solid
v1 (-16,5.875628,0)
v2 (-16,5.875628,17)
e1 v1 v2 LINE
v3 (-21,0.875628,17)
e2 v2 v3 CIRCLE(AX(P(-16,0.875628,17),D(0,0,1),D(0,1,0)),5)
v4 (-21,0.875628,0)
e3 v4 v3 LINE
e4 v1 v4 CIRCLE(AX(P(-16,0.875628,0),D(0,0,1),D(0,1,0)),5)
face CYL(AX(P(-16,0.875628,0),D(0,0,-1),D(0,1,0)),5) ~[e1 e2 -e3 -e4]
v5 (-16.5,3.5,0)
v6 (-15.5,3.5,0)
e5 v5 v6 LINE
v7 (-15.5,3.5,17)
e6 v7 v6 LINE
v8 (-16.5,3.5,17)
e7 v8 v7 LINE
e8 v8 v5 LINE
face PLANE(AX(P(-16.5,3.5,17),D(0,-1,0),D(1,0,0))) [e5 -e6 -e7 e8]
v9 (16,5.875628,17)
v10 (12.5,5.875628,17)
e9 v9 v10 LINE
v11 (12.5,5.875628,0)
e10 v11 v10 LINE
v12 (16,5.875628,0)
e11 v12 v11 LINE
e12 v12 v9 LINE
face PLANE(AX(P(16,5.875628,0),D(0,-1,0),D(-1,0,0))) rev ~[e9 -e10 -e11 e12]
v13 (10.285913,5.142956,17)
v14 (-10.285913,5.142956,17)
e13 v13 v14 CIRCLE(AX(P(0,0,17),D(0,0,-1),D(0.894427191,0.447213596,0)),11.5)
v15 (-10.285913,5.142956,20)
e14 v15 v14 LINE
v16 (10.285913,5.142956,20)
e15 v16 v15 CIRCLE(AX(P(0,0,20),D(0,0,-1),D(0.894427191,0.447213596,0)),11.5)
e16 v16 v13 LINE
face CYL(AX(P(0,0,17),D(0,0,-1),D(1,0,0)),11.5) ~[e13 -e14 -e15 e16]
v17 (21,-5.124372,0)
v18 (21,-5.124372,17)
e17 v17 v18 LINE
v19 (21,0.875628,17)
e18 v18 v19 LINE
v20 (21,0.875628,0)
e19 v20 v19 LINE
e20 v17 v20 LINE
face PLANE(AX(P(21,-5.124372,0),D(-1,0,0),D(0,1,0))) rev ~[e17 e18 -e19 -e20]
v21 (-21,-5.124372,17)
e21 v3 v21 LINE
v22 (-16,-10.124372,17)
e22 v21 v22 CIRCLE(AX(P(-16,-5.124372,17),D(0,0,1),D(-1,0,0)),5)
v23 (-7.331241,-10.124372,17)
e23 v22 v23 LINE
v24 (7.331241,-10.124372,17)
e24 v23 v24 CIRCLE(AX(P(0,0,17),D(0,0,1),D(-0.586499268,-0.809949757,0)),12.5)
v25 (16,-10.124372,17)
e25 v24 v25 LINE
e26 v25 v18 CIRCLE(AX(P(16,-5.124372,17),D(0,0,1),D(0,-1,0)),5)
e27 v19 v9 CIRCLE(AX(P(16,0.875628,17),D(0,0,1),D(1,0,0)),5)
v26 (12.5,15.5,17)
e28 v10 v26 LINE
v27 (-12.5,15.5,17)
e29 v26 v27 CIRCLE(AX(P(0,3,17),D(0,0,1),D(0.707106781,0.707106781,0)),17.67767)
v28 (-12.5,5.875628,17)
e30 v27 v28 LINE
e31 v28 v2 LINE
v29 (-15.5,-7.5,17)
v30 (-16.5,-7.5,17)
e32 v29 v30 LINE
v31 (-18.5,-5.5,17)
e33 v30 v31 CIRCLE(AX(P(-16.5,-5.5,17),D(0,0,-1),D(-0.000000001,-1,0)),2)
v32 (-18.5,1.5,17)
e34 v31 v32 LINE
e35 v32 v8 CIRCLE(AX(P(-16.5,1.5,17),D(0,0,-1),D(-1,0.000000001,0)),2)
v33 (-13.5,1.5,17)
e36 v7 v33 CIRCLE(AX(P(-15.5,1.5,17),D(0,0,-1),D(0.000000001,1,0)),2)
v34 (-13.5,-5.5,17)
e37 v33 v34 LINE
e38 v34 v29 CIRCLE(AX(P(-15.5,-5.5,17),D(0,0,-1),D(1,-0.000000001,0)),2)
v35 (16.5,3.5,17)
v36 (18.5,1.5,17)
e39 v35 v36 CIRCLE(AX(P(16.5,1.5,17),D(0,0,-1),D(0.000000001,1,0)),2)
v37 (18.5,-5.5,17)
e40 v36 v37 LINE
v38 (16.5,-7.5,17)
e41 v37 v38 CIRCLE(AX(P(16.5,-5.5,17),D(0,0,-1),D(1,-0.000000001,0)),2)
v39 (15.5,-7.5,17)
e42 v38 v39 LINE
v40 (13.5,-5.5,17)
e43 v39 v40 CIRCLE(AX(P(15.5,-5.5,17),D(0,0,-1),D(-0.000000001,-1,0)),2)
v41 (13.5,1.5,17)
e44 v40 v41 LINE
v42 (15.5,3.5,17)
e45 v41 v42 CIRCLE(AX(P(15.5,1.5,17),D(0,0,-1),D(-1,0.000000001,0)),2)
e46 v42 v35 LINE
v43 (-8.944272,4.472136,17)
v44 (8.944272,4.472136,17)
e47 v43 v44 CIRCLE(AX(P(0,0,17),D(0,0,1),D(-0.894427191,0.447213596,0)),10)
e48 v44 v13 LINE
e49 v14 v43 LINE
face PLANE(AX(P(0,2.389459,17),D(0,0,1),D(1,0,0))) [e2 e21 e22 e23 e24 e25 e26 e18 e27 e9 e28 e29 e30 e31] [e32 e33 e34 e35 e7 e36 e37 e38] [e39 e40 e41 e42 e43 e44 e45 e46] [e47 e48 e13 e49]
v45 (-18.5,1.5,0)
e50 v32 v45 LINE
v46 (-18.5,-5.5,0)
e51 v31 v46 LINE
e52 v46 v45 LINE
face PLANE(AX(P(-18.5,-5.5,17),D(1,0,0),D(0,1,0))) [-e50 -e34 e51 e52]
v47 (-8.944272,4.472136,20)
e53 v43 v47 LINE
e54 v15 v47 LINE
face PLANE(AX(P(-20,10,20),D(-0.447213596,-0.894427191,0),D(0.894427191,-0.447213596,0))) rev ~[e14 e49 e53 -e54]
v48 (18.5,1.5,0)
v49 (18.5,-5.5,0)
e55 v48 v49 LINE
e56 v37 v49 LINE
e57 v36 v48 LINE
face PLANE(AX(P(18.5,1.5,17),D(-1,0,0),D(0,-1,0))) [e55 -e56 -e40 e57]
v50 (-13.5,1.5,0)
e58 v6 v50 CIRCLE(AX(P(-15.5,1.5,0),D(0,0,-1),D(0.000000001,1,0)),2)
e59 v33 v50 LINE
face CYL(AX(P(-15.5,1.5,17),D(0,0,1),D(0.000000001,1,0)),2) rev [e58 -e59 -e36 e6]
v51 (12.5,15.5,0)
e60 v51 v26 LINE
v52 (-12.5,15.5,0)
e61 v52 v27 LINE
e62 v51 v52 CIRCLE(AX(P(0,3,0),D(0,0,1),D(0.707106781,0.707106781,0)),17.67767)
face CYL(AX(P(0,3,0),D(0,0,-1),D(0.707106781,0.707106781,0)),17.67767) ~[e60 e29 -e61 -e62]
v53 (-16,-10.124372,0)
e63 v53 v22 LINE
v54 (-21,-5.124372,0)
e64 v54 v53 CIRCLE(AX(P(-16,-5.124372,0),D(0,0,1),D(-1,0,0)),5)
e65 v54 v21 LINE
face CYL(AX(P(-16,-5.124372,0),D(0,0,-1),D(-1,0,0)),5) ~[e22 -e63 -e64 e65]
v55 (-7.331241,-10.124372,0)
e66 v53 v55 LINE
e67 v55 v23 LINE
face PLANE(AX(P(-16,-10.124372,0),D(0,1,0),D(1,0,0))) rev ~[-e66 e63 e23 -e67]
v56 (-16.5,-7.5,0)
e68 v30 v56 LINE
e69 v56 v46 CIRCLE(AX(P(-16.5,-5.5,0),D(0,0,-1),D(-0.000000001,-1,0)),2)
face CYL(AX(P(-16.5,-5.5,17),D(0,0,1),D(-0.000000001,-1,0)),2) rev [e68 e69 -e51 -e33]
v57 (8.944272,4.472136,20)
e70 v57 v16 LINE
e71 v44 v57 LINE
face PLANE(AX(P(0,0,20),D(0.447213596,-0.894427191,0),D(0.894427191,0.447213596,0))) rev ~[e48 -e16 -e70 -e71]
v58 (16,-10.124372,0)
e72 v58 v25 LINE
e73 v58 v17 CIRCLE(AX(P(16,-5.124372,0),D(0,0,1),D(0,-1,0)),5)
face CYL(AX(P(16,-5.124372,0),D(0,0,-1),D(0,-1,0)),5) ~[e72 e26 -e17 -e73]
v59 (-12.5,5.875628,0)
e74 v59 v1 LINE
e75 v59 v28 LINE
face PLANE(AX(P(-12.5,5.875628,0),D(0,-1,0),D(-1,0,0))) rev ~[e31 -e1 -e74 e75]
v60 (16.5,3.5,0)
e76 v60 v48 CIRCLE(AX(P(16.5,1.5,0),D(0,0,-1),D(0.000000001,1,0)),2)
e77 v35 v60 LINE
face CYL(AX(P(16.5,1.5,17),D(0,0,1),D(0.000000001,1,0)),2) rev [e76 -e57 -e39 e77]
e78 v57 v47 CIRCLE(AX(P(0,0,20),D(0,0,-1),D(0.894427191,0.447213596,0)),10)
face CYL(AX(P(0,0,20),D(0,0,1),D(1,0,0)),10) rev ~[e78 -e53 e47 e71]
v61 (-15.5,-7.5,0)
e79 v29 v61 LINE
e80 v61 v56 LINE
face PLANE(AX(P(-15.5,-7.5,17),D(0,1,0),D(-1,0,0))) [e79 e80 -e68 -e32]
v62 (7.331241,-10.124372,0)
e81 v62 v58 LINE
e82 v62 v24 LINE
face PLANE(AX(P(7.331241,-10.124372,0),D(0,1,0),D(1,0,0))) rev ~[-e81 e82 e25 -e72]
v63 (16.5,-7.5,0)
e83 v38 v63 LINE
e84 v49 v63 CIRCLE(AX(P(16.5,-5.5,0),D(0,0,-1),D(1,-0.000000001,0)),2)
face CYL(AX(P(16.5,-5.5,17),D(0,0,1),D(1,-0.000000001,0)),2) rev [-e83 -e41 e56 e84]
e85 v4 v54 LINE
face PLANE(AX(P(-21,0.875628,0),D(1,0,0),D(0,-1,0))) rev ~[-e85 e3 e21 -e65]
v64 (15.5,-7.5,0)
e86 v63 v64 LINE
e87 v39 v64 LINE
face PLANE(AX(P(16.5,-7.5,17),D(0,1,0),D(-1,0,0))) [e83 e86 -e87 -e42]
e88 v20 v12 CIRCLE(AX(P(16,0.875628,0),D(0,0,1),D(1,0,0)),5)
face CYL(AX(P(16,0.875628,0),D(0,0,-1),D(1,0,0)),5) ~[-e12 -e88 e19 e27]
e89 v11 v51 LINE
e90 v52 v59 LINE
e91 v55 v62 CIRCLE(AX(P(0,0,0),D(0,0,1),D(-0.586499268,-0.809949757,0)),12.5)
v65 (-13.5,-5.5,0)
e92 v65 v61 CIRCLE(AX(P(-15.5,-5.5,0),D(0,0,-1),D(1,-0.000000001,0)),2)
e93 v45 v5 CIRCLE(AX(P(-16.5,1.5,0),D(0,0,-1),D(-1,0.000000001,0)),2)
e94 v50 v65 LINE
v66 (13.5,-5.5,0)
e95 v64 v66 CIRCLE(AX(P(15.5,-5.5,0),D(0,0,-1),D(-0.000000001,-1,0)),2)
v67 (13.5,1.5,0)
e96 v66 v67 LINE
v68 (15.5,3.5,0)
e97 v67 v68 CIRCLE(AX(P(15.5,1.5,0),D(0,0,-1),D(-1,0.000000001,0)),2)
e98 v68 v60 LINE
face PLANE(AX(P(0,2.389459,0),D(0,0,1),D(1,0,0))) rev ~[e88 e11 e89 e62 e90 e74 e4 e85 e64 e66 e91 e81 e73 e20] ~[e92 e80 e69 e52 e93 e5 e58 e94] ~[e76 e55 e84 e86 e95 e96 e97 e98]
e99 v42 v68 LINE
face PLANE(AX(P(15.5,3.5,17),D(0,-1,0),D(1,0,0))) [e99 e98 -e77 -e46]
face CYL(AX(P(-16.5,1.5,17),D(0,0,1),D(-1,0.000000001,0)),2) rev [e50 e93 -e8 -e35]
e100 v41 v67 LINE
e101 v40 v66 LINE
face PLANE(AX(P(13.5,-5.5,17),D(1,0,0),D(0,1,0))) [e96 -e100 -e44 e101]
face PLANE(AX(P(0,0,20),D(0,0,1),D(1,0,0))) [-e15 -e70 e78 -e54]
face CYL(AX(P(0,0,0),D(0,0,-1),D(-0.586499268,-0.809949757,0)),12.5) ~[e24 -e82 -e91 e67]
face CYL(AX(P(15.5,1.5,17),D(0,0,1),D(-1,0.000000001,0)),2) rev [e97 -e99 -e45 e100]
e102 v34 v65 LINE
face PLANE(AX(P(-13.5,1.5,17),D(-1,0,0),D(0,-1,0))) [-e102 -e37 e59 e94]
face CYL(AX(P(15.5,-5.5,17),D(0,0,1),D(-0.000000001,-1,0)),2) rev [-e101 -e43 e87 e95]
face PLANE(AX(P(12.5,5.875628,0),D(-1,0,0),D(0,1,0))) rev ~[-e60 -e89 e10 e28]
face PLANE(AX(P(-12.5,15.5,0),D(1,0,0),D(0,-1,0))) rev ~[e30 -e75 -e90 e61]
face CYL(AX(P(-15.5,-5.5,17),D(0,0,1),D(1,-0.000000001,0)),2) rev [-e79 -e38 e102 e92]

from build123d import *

# Parameters (mm, degrees)
BASE_EXTRUSION_DEPTH    = 17
ENL_V_MAT_EXTRU_1_DEPTH = 17
ESQUISSE3_R             = 11.5
BOSS_EXTRU_1_DEPTH      = 3
ESQUISSE4_R             = 10
ENL_V_MAT_EXTRU_2_DEPTH = 3
ENL_V_MAT_EXTRU_3_DEPTH = 3


with BuildPart() as part:
    # Esquisse1 → Base-Extrusion (new body)
    with BuildSketch(Plane.XY):
        with BuildLine():
            Line((-16, -10.124371965), (-7.331240844, -10.124371965))
            ThreePointArc((-7.331240844, -10.124371965), (0, -12.5), (7.331240844, -10.124371965))
            Line((7.331240844, -10.124371965), (16, -10.124371965))
            ThreePointArc((16, -10.124371965), (19.535533906, -8.659905871), (21, -5.124371965))
            Line((21, -5.124371965), (21, 0.875628035))
            ThreePointArc((21, 0.875628035), (19.535533906, 4.411161941), (16, 5.875628035))
            Line((16, 5.875628035), (12.5, 5.875628035))
            Line((12.5, 5.875628035), (12.5, 15.5))
            ThreePointArc((12.5, 15.5), (0, 20.67766953), (-12.5, 15.5))
            Line((-12.5, 15.5), (-12.5, 5.875628035))
            Line((-12.5, 5.875628035), (-16, 5.875628035))
            ThreePointArc((-16, 5.875628035), (-19.535533906, 4.411161941), (-21, 0.875628035))
            Line((-21, 0.875628035), (-21, -5.124371965))
            ThreePointArc((-21, -5.124371965), (-19.535533906, -8.659905871), (-16, -10.124371965))
        make_face()
    extrude(amount=BASE_EXTRUSION_DEPTH)

    # Esquisse2 → Enlèv. mat.-Extru.1 (cut)
    with BuildSketch(Plane.XY.offset(17)):
        with BuildLine():
            Line((-16.5, 3.5), (-15.5, 3.5))
            ThreePointArc((-15.5, 3.5), (-14.085786438, 2.914213562), (-13.5, 1.5))
            Line((-13.5, 1.5), (-13.5, -5.5))
            ThreePointArc((-13.5, -5.5), (-14.085786438, -6.914213562), (-15.5, -7.5))
            Line((-15.5, -7.5), (-16.5, -7.5))
            ThreePointArc((-16.5, -7.5), (-17.914213562, -6.914213562), (-18.5, -5.5))
            Line((-18.5, -5.5), (-18.5, 1.5))
            ThreePointArc((-18.5, 1.5), (-17.914213562, 2.914213562), (-16.5, 3.5))
        make_face()
        with BuildLine():
            Line((15.5, 3.5), (16.5, 3.5))
            ThreePointArc((16.5, 3.5), (17.914213562, 2.914213562), (18.5, 1.5))
            Line((18.5, 1.5), (18.5, -5.5))
            ThreePointArc((18.5, -5.5), (17.914213562, -6.914213562), (16.5, -7.5))
            Line((16.5, -7.5), (15.5, -7.5))
            ThreePointArc((15.5, -7.5), (14.085786438, -6.914213562), (13.5, -5.5))
            Line((13.5, -5.5), (13.5, 1.5))
            ThreePointArc((13.5, 1.5), (14.085786438, 2.914213562), (15.5, 3.5))
        make_face()
    extrude(amount=-ENL_V_MAT_EXTRU_1_DEPTH, mode=Mode.SUBTRACT)

    # Esquisse3 → Boss.-Extru.1 (add)
    with BuildSketch(Plane.XY.offset(17)):
        Circle(ESQUISSE3_R)
    extrude(amount=BOSS_EXTRU_1_DEPTH)

    # Esquisse4 → Enlèv. mat.-Extru.2 (cut)
    with BuildSketch(Plane.XY.offset(20)):
        Circle(ESQUISSE4_R)
    extrude(amount=-ENL_V_MAT_EXTRU_2_DEPTH, mode=Mode.SUBTRACT)

    # Esquisse5 → Enlèv. mat.-Extru.3 (cut)
    with BuildSketch(Plane.XY.offset(20)):
        with BuildLine():
            Line((-20, 10), (0, 0))
            Line((0, 0), (20, 10))
            ThreePointArc((20, 10), (0, 22.360679775), (-20, 10))
        make_face()
    extrude(amount=-ENL_V_MAT_EXTRU_3_DEPTH, mode=Mode.SUBTRACT)


solid = part.part
